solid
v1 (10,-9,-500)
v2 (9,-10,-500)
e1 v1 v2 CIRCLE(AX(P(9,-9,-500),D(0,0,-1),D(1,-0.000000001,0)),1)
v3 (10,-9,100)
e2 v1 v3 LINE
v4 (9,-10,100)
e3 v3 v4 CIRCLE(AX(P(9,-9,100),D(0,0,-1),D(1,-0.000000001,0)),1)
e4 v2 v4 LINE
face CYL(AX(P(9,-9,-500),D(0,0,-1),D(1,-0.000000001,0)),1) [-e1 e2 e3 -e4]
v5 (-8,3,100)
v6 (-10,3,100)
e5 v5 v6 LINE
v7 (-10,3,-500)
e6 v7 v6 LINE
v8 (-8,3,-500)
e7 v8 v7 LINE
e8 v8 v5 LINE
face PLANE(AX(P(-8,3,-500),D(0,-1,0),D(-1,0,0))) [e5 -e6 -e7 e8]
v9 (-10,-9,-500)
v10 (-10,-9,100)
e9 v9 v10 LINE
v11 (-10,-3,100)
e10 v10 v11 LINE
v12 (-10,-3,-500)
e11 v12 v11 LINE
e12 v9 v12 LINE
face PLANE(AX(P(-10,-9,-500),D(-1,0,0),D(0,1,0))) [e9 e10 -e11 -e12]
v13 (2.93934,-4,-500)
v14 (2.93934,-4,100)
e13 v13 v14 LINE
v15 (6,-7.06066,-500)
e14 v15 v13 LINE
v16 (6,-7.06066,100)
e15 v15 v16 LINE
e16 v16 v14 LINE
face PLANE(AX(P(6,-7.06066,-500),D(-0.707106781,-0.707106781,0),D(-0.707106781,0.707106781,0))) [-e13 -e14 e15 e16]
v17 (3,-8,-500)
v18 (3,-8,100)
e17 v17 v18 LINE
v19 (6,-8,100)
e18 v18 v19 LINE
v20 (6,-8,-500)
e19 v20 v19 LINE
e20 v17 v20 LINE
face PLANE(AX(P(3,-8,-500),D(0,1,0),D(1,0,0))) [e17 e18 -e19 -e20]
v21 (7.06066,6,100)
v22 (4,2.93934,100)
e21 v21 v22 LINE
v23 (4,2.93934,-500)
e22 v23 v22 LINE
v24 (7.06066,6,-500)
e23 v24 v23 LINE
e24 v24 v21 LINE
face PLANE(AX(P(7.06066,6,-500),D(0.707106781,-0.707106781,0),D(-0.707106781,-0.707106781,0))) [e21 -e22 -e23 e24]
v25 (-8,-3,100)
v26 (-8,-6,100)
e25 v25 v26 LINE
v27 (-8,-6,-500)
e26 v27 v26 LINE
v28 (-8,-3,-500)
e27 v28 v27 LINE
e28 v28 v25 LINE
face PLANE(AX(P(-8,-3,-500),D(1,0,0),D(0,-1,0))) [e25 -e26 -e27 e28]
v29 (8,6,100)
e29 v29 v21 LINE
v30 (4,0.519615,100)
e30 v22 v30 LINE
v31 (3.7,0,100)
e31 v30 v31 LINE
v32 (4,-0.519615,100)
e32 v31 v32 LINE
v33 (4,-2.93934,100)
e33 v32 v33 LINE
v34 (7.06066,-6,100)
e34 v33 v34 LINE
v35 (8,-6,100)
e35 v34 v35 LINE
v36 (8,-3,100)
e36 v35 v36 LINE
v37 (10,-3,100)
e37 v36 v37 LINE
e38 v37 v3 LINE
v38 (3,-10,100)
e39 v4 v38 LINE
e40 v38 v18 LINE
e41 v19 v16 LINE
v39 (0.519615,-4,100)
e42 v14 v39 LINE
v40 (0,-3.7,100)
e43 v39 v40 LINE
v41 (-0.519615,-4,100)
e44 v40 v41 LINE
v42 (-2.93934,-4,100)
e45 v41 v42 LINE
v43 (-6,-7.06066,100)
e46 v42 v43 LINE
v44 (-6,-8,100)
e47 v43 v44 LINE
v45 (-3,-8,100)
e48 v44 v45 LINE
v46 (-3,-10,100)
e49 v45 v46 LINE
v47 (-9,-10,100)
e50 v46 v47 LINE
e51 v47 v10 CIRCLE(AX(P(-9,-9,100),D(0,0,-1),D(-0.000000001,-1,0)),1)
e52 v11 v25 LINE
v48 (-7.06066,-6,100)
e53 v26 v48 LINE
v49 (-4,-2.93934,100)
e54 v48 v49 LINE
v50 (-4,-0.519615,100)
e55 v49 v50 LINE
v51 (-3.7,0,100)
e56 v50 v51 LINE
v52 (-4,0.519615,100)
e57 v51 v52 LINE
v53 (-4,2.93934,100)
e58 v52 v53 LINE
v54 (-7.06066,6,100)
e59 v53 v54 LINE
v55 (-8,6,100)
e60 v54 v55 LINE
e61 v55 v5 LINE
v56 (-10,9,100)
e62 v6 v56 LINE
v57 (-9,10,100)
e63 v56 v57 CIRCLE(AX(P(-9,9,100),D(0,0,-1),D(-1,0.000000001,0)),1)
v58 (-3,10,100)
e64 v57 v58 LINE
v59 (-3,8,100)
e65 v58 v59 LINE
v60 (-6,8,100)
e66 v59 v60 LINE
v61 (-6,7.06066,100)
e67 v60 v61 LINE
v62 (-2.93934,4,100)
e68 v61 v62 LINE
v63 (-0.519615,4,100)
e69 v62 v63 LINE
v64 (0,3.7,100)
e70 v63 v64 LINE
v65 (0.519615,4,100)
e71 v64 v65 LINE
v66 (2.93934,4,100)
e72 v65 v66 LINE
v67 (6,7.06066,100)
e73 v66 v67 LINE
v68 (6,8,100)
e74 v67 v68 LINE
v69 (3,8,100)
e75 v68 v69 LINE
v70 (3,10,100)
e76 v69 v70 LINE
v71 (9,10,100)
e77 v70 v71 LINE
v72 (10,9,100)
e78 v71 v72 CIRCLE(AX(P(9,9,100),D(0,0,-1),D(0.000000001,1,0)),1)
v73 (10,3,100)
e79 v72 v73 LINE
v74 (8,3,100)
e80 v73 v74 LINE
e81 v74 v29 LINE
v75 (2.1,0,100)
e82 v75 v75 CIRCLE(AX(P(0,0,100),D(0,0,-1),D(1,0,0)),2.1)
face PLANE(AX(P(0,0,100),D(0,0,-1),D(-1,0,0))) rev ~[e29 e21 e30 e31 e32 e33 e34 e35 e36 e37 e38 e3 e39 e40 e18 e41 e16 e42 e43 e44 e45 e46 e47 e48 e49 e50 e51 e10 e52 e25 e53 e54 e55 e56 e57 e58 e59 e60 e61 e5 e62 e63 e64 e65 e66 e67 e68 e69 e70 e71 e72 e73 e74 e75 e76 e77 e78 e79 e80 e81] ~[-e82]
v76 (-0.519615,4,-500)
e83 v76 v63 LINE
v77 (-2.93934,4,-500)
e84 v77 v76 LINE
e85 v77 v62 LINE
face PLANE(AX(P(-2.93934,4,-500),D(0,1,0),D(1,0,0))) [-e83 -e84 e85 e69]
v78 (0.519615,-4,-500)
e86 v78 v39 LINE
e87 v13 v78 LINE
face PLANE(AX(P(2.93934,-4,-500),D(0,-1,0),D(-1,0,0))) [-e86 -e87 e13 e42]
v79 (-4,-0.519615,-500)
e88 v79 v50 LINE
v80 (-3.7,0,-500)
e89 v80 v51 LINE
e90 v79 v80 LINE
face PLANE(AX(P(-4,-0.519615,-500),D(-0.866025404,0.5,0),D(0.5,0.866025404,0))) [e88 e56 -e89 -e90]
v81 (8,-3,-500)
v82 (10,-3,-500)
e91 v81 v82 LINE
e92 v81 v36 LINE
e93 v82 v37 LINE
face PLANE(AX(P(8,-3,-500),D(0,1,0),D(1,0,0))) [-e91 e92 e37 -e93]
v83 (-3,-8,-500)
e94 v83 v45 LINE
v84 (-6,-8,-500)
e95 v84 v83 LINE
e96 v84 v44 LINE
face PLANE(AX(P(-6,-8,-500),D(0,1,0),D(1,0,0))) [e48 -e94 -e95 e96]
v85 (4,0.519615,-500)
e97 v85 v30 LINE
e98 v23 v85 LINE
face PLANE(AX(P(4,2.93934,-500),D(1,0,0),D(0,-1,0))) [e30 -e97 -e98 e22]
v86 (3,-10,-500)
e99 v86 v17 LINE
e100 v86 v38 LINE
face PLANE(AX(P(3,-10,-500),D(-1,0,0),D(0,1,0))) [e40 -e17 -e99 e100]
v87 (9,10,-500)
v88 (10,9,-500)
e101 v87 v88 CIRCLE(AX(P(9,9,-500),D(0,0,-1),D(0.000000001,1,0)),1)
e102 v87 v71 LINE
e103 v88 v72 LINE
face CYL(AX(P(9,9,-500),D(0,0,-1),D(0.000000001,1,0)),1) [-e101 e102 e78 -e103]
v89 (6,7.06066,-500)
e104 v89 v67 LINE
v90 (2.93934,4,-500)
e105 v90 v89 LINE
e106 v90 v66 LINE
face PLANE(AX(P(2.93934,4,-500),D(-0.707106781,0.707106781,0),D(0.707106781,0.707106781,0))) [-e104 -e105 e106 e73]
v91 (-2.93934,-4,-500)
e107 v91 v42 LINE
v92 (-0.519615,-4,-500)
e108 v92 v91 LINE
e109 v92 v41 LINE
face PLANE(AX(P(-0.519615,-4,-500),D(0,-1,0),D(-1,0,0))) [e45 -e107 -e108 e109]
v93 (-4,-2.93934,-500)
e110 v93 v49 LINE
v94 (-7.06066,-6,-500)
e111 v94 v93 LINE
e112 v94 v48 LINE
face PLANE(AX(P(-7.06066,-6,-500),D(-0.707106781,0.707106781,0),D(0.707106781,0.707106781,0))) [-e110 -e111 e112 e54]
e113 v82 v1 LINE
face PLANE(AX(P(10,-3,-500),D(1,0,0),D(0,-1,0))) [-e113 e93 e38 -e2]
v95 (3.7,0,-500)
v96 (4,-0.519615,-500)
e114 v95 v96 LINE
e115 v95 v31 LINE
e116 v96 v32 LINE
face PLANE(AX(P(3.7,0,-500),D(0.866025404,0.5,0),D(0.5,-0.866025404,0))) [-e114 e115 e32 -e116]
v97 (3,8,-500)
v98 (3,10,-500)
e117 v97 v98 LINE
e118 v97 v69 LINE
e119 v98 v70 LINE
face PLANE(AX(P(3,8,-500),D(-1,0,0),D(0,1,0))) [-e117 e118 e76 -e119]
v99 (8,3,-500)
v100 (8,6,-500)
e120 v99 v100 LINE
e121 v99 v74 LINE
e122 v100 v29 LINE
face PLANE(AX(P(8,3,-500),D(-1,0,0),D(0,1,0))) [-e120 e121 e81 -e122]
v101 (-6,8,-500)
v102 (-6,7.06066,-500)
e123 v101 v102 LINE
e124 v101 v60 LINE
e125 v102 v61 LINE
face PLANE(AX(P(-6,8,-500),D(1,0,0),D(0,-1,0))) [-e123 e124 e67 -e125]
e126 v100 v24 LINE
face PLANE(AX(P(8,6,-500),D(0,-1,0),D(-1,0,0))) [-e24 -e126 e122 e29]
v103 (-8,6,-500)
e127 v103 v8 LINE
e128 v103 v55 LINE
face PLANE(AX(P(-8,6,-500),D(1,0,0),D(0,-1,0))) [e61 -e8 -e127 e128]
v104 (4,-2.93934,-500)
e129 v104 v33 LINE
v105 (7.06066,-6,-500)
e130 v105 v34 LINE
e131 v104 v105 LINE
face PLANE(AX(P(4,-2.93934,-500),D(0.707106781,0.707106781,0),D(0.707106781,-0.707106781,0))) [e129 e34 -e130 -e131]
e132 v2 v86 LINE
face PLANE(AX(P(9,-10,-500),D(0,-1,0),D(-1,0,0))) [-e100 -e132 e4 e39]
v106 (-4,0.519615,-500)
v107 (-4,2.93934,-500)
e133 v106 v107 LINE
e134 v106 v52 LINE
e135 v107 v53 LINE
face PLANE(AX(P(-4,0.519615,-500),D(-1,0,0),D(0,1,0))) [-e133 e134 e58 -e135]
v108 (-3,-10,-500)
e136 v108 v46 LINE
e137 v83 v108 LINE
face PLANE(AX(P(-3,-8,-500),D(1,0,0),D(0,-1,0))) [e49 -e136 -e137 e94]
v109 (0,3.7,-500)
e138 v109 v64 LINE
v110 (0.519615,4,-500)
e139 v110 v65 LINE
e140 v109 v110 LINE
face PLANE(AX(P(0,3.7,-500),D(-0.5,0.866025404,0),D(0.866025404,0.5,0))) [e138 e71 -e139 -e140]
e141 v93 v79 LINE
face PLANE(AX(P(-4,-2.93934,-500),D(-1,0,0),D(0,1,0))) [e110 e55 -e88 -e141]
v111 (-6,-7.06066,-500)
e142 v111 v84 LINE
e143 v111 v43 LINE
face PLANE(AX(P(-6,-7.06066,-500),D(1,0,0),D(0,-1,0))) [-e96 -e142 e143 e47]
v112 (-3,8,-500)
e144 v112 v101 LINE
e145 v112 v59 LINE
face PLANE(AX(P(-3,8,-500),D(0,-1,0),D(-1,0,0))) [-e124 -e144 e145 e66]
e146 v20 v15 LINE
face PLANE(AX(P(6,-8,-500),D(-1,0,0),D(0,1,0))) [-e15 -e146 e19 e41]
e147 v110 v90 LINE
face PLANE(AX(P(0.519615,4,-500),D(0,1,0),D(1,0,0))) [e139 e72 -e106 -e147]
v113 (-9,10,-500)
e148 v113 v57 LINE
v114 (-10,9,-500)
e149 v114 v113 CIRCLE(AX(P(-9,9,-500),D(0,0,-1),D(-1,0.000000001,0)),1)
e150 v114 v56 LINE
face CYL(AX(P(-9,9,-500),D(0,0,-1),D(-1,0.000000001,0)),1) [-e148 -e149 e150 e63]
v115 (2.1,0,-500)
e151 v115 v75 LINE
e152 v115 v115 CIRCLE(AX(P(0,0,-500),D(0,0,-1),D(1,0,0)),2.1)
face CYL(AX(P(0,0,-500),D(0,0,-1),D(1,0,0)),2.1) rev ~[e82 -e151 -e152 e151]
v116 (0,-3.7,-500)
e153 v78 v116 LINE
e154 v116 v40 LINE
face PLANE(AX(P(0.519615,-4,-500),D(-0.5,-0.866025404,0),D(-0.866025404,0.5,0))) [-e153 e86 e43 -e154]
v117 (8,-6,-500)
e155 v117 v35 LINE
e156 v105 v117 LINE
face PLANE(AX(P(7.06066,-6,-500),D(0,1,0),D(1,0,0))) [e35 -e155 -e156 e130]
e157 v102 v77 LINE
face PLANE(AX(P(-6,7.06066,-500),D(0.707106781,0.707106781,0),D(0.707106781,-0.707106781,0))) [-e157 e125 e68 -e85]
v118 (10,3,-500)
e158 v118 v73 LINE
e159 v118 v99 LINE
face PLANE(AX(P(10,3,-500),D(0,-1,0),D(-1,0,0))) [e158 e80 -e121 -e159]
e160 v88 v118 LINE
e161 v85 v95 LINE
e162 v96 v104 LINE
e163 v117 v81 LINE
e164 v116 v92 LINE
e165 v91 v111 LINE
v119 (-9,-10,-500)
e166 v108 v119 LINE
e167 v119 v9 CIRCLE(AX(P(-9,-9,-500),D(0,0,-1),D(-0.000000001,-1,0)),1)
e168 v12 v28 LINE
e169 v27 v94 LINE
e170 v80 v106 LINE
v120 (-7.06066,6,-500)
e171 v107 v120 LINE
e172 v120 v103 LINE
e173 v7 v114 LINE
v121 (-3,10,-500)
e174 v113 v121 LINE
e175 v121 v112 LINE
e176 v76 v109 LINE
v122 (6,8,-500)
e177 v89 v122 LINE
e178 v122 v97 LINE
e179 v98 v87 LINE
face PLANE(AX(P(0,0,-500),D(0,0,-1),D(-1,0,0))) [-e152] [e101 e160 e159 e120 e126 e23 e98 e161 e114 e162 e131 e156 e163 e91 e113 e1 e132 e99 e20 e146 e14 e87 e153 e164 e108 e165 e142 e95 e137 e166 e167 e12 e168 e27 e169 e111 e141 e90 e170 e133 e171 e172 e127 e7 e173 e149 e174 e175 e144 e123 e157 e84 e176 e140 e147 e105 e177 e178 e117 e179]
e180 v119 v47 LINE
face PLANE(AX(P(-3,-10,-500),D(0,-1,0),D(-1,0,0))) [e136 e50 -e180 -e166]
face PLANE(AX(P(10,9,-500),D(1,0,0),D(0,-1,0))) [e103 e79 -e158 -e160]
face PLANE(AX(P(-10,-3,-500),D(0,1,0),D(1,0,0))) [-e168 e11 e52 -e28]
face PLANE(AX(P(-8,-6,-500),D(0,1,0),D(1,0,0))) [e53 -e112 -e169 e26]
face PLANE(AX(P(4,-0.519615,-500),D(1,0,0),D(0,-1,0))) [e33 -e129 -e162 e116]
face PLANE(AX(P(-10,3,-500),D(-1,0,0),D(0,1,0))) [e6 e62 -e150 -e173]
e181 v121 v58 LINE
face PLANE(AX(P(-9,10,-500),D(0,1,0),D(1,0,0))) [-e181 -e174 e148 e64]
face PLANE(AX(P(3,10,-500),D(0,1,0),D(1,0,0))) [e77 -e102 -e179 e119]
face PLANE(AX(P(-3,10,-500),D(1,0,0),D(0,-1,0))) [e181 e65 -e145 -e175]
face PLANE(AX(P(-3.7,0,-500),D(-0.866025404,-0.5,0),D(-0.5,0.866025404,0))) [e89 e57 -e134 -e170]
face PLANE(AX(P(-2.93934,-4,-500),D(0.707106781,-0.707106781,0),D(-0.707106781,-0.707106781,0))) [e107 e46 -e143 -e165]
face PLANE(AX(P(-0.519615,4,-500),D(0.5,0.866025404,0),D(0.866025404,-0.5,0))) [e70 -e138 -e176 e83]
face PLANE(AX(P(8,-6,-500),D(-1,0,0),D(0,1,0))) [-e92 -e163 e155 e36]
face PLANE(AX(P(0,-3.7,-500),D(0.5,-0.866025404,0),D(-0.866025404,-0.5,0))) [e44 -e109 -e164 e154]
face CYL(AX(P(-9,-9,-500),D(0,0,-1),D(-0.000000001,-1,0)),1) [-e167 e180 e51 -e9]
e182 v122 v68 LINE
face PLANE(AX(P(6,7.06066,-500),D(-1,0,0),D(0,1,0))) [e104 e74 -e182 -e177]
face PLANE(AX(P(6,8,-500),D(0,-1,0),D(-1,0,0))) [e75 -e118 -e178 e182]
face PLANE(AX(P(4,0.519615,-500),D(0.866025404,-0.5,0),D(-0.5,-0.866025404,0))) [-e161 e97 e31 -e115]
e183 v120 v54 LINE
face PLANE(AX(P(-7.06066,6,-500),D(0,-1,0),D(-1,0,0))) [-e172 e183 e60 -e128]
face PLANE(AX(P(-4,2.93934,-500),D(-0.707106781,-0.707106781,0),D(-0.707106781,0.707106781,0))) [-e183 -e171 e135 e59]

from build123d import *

# Parameters (mm, degrees)
SKETCH1_R           = 2.1
BOSS_EXTRUDE1_DEPTH = 600


with BuildPart() as part:
    # Sketch1 → Boss-Extrude1 (new body)
    with BuildSketch(Plane(origin=(0, 0, -500), x_dir=(-1, 0, 0), z_dir=(0, 0, -1))):
        with BuildLine():
            Line((9, 10), (3, 10))
            Line((3, 10), (3, 8))
            Line((3, 8), (6, 8))
            Line((6, 8), (6, 7.060660172))
            Line((6, 7.060660172), (2.939339828, 4))
            Line((2.939339828, 4), (0.519615242, 4))
            Line((0.519615242, 4), (0, 3.7))
            Line((0, 3.7), (-0.519615242, 4))
            Line((-0.519615242, 4), (-2.939339828, 4))
            Line((-2.939339828, 4), (-6, 7.060660172))
            Line((-6, 7.060660172), (-6, 8))
            Line((-6, 8), (-3, 8))
            Line((-3, 8), (-3, 10))
            Line((-3, 10), (-9, 10))
            ThreePointArc((-9, 10), (-9.707106781, 9.707106781), (-10, 9))
            Line((-10, 9), (-10, 3))
            Line((-10, 3), (-8, 3))
            Line((-8, 3), (-8, 6))
            Line((-8, 6), (-7.060660172, 6))
            Line((-7.060660172, 6), (-4, 2.939339828))
            Line((-4, 2.939339828), (-4, 0.519615242))
            Line((-4, 0.519615242), (-3.7, 0))
            Line((-3.7, 0), (-4, -0.519615242))
            Line((-4, -0.519615242), (-4, -2.939339828))
            Line((-4, -2.939339828), (-7.060660172, -6))
            Line((-7.060660172, -6), (-8, -6))
            Line((-8, -6), (-8, -3))
            Line((-8, -3), (-10, -3))
            Line((-10, -3), (-10, -9))
            ThreePointArc((-10, -9), (-9.707106781, -9.707106781), (-9, -10))
            Line((-9, -10), (-3, -10))
            Line((-3, -10), (-3, -8))
            Line((-3, -8), (-6, -8))
            Line((-6, -8), (-6, -7.060660172))
            Line((-6, -7.060660172), (-2.939339828, -4))
            Line((-2.939339828, -4), (-0.519615242, -4))
            Line((-0.519615242, -4), (0, -3.7))
            Line((0, -3.7), (0.519615242, -4))
            Line((0.519615242, -4), (2.939339828, -4))
            Line((2.939339828, -4), (6, -7.060660172))
            Line((6, -7.060660172), (6, -8))
            Line((6, -8), (3, -8))
            Line((3, -8), (3, -10))
            Line((3, -10), (9, -10))
            ThreePointArc((9, -10), (9.707106781, -9.707106781), (10, -9))
            Line((10, -9), (10, -3))
            Line((10, -3), (8, -3))
            Line((8, -3), (8, -6))
            Line((8, -6), (7.060660172, -6))
            Line((7.060660172, -6), (4, -2.939339828))
            Line((4, -2.939339828), (4, -0.519615242))
            Line((4, -0.519615242), (3.7, 0))
            Line((3.7, 0), (4, 0.519615242))
            Line((4, 0.519615242), (4, 2.939339828))
            Line((4, 2.939339828), (7.060660172, 6))
            Line((7.060660172, 6), (8, 6))
            Line((8, 6), (8, 3))
            Line((8, 3), (10, 3))
            Line((10, 3), (10, 9))
            ThreePointArc((10, 9), (9.707106781, 9.707106781), (9, 10))
        make_face()
        with Locations(Location((0, 0, 0), (0, 0, 180))):
            Circle(SKETCH1_R, mode=Mode.SUBTRACT)
    extrude(amount=-BOSS_EXTRUDE1_DEPTH)


solid = part.part
